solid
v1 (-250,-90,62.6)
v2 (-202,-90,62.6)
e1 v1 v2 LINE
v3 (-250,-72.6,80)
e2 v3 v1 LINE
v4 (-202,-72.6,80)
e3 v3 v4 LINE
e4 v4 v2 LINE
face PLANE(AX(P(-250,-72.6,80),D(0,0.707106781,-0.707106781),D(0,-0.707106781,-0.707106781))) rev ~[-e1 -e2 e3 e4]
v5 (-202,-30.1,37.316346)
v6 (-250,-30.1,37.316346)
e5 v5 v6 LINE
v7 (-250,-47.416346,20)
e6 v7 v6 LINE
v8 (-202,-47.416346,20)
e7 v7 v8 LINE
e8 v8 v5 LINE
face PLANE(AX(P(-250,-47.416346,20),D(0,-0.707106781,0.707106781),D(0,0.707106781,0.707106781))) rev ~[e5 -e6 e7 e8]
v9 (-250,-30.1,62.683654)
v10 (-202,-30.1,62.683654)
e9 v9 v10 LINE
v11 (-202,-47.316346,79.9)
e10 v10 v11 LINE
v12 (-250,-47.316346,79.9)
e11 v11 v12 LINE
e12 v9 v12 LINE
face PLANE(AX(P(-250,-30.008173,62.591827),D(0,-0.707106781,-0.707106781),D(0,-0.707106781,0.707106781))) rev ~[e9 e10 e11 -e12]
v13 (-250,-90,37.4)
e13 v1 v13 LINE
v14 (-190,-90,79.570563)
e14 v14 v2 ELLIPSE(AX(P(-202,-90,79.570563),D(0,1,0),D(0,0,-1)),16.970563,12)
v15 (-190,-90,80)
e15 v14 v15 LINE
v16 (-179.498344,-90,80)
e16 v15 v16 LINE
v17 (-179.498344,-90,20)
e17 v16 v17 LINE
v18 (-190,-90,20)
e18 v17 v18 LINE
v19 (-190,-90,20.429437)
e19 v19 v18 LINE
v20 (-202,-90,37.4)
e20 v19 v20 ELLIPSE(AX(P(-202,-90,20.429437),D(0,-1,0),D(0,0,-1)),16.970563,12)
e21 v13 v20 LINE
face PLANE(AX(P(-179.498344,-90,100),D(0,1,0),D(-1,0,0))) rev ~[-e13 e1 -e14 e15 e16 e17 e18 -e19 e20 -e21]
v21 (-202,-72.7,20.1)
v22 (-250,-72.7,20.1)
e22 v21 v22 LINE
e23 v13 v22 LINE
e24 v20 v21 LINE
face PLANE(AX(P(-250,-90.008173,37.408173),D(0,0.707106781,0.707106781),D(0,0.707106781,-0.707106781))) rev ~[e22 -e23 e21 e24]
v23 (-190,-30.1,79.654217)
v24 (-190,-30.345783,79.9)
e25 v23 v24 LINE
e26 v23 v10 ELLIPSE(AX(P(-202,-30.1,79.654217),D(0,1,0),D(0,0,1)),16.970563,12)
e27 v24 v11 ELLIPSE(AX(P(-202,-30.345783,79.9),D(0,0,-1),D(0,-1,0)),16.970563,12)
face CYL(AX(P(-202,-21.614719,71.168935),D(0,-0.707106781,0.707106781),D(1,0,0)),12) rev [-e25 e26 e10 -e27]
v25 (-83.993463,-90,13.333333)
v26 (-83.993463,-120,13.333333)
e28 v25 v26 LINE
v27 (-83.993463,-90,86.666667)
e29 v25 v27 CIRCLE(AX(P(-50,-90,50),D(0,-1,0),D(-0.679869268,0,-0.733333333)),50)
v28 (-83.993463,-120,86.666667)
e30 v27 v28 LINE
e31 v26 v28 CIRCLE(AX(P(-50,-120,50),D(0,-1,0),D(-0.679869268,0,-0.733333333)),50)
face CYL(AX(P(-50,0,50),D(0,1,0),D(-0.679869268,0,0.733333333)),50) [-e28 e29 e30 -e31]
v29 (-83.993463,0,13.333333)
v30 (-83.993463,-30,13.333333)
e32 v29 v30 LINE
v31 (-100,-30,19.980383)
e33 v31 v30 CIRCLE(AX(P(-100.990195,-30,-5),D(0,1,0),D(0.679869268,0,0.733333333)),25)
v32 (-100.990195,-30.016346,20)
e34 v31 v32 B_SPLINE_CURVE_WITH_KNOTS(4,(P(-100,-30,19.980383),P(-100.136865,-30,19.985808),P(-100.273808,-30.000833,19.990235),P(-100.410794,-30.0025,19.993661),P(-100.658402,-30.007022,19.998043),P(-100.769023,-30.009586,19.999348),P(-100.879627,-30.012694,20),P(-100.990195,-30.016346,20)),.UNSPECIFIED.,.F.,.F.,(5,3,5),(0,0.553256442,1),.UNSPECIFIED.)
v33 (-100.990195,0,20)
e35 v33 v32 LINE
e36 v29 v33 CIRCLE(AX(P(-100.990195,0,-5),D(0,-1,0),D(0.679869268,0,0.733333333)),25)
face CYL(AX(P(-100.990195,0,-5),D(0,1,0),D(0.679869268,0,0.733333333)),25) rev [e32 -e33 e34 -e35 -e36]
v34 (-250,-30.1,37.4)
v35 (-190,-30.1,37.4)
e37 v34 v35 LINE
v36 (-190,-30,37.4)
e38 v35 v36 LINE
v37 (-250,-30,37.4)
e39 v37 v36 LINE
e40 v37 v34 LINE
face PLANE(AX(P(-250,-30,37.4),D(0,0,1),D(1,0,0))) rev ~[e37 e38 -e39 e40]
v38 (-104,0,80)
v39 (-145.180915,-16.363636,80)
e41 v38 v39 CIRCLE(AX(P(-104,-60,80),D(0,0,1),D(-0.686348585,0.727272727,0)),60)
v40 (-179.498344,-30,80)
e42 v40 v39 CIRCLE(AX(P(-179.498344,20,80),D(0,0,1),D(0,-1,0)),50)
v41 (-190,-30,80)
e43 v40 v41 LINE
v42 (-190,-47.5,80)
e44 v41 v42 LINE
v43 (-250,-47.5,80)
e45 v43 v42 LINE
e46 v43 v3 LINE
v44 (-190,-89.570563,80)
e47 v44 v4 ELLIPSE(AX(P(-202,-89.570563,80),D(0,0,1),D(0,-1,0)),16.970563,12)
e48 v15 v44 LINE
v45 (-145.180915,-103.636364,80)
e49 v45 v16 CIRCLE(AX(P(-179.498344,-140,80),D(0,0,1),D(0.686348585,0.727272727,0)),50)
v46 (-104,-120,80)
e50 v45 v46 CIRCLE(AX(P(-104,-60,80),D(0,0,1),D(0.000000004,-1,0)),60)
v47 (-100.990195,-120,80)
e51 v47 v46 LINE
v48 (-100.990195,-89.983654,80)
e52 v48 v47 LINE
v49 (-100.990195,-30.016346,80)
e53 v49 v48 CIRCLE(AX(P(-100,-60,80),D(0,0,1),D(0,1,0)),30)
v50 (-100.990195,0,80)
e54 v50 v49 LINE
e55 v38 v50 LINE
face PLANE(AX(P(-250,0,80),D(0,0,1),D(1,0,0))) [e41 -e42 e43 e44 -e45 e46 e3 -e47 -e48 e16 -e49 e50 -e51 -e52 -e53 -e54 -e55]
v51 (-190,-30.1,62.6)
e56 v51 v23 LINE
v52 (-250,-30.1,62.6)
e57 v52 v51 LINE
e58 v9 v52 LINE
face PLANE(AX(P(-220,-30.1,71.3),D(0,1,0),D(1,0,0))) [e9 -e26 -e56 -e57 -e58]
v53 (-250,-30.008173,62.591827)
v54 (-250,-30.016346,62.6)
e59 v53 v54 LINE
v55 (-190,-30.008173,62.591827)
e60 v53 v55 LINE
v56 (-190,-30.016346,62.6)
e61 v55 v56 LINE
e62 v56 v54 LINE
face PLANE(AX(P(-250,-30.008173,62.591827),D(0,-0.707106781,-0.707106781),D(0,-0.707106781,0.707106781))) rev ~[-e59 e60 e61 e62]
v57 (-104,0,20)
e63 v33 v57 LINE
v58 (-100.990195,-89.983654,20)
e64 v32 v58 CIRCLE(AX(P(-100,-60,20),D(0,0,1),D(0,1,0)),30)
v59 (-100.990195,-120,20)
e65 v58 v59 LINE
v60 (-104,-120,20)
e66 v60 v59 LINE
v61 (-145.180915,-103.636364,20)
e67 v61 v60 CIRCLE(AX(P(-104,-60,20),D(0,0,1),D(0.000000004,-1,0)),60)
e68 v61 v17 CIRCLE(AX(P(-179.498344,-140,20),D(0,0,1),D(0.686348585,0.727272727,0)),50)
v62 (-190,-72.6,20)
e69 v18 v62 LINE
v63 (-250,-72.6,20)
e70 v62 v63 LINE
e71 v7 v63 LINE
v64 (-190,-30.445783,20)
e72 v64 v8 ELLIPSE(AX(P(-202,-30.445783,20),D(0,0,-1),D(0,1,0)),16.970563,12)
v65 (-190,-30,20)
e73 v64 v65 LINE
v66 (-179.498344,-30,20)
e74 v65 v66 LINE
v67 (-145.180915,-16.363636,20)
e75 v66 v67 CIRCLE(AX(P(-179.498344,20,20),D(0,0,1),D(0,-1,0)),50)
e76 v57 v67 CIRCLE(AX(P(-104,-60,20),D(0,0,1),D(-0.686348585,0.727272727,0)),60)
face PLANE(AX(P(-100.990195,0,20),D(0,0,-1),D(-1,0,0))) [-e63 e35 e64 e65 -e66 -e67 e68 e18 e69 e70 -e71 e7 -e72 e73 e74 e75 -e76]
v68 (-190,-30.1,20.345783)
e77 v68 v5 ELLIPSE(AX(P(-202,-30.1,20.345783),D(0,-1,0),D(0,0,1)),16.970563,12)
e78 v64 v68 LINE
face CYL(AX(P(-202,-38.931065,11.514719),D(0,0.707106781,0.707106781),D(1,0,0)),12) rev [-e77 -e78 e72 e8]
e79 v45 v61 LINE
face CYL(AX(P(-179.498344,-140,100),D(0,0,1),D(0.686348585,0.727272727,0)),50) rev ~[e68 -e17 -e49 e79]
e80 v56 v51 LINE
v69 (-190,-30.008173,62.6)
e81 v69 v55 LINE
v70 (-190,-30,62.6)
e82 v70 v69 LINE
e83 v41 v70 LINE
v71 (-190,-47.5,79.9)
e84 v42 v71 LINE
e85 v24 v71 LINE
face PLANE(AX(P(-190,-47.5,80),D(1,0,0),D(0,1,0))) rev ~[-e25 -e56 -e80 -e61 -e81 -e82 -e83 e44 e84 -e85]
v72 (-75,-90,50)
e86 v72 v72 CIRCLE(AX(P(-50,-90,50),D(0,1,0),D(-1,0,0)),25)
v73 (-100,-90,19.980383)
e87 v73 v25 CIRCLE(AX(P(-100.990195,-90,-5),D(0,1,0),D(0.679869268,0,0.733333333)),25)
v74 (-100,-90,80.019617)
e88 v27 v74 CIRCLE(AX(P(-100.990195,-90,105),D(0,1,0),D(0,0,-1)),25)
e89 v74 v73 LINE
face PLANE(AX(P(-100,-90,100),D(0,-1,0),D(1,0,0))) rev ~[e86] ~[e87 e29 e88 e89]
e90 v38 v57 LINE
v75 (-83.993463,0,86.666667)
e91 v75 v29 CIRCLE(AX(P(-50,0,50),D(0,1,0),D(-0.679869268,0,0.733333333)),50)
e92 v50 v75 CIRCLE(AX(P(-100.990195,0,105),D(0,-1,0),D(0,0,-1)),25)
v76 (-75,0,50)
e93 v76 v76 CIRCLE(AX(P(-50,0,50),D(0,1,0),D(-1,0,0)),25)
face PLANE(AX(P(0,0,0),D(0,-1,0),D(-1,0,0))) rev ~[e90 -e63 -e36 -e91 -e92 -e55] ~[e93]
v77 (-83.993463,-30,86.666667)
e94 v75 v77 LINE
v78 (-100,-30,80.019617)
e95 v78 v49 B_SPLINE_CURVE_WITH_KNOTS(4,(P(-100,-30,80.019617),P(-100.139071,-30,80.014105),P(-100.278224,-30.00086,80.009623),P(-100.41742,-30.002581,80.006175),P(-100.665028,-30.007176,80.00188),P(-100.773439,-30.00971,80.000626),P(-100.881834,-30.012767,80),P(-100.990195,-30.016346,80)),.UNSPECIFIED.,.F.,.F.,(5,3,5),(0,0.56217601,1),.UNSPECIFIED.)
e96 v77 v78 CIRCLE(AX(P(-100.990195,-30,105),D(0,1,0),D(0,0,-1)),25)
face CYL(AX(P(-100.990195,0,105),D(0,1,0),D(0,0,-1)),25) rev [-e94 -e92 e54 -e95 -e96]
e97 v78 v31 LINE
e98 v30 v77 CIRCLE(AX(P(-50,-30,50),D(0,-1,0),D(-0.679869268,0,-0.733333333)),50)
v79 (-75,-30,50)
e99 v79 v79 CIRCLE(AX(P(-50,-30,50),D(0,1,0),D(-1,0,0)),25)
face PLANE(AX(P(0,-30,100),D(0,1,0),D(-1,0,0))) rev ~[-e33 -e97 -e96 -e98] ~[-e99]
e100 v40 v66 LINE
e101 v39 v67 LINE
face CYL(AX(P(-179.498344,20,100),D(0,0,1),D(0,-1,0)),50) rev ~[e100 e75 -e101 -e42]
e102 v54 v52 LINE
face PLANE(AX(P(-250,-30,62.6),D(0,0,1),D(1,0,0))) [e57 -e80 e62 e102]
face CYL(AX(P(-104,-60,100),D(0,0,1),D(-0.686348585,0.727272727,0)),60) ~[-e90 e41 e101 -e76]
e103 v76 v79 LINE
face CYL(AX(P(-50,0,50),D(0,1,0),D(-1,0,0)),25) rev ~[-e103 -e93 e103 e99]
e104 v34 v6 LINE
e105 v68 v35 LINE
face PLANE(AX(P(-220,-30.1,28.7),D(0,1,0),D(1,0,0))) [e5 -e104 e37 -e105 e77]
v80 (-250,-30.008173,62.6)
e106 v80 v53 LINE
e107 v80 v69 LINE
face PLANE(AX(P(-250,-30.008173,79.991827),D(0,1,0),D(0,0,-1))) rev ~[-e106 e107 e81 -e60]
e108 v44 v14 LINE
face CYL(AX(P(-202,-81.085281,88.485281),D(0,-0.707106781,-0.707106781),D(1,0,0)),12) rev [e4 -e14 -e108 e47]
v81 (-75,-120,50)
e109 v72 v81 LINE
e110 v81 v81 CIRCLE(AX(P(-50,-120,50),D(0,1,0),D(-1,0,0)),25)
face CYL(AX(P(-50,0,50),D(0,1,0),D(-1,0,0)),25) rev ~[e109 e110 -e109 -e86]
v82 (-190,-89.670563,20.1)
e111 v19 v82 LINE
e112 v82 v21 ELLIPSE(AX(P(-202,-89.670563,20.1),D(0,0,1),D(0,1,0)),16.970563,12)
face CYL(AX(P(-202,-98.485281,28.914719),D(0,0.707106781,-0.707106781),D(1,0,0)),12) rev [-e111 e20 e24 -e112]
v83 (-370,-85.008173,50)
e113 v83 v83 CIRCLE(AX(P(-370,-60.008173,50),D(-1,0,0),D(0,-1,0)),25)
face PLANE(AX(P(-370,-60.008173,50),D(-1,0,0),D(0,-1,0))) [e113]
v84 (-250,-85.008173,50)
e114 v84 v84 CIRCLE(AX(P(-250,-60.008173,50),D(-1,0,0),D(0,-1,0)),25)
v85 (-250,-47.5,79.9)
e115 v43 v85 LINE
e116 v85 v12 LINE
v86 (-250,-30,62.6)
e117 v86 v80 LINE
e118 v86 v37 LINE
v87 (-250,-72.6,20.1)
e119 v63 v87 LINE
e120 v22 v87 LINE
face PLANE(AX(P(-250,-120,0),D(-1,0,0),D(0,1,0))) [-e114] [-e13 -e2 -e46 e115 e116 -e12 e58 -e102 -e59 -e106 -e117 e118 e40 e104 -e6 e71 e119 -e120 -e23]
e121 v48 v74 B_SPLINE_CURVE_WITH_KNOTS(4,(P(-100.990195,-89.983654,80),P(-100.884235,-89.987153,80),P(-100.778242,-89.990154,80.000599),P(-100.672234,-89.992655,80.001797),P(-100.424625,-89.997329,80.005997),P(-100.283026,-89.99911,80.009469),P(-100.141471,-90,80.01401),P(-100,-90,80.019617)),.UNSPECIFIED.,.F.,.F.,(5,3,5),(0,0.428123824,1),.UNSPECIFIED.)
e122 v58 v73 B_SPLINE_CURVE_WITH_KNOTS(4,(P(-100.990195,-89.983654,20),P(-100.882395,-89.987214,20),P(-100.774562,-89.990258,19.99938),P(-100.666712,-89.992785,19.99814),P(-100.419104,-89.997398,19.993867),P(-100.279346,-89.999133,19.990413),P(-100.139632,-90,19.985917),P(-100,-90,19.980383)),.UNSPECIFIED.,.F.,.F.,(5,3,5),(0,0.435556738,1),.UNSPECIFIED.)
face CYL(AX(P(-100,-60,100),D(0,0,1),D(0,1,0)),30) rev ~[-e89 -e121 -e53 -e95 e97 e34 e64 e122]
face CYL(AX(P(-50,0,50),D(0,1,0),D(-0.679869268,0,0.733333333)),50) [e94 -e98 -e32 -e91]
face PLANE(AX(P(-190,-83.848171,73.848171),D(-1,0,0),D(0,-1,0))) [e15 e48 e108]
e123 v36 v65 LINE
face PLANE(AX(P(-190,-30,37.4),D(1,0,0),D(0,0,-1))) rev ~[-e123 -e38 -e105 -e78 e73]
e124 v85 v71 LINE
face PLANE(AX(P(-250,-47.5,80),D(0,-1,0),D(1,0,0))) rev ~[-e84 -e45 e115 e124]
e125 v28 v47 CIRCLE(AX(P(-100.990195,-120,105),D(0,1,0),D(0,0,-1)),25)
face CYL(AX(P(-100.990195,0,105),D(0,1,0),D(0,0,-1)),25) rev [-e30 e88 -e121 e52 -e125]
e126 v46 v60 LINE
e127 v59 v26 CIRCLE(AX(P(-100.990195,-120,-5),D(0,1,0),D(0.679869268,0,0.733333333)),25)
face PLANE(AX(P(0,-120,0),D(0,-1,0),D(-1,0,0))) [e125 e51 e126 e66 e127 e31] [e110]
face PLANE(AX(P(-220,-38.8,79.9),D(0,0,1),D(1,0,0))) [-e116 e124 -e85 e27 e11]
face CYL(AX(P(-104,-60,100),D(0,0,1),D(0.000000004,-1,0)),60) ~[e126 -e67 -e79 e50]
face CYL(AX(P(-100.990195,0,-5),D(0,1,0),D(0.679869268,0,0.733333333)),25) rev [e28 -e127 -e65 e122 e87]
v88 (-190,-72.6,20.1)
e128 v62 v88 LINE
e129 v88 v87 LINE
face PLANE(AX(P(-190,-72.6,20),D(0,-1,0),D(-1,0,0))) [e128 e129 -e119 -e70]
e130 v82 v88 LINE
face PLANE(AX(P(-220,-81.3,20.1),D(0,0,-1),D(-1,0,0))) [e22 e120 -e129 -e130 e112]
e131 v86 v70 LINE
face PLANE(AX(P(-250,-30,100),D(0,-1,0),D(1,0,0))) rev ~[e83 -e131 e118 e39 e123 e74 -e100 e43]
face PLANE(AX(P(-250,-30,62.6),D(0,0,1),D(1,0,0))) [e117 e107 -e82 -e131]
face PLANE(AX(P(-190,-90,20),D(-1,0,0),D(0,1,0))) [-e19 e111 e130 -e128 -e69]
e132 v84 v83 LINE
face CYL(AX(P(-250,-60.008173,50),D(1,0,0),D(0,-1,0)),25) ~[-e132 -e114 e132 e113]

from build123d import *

# Parameters (mm, degrees)
SKETCH2_W           = 120
SKETCH2_H           = 250
BOSS_EXTRUDE1_DEPTH = 100
CUT_EXTRUDE1_DEPTH  = 295.78805946
SKETCH4_OUTSIDE_W   = 310.958
SKETCH4_OUTSIDE_H   = 160.958
SKETCH4_OUTSIDE_R   = 25
CUT_EXTRUDE2_DEPTH  = 295.78805946
CUT_EXTRUDE6_DEPTH  = 60
SKETCH5_4_R         = 25
BOSS_EXTRUDE3_DEPTH = 120
SKETCH6_W           = 60
SKETCH6_H           = 17.4
CUT_EXTRUDE7_DEPTH  = 0.1
SKETCH7_W           = 60
SKETCH7_H           = 17.4
CUT_EXTRUDE8_DEPTH  = 0.1
SKETCH8_W           = 60
SKETCH8_H           = 17.4
CUT_EXTRUDE9_DEPTH  = 0.1
FILLET5_R           = 12
FILLET6_R           = 12


with BuildPart() as part:
    # Sketch2 → Boss-Extrude1 (new body)
    with BuildSketch(Plane(origin=(0, 0, 0), x_dir=(0, 1, 0), z_dir=(0, 0, 1))):
        with Locations((-60, 125)):
            Rectangle(SKETCH2_W, SKETCH2_H)
    extrude(amount=BOSS_EXTRUDE1_DEPTH)

    # Sketch3 → Cut-Extrude1 (cut, through all)
    with BuildSketch(Plane.XY.offset(100)):
        with BuildLine():
            ThreePointArc((-100, -30), (-130, -60), (-100, -90))
            Line((-100, -90), (0, -90))
            Line((0, -90), (0, -30))
            Line((0, -30), (-100, -30))
        make_face()
        with BuildLine():
            Line((-250, 0), (-250, -30))
            Line((-250, -30), (-179.498344353, -30))
            ThreePointArc((-179.498344353, -30), (-161.034620706, -26.466018864), (-145.180915101, -16.363636364))
            ThreePointArc((-145.180915101, -16.363636364), (-126.156468376, -4.240777363), (-104, 0))
            Line((-104, 0), (-250, 0))
        make_face()
        with BuildLine():
            Line((-179.498344353, -90), (-250, -90))
            Line((-250, -90), (-250, -120))
            Line((-250, -120), (-103.999999784, -120))
            ThreePointArc((-103.999999784, -120), (-126.156468276, -115.759222677), (-145.180915101, -103.636363636))
            ThreePointArc((-145.180915101, -103.636363636), (-161.034620706, -93.533981136), (-179.498344353, -90))
        make_face()
    extrude(amount=-CUT_EXTRUDE1_DEPTH, mode=Mode.SUBTRACT)

    # Sketch4 outside → Cut-Extrude2 (cut, through all)
    # profile 1 of 2: a face of its own
    with BuildSketch(Plane(origin=(0, 0, 0), x_dir=(-1, 0, 0), z_dir=(0, 1, 0))):
        with Locations((125, 50)):
            Rectangle(SKETCH4_OUTSIDE_W, SKETCH4_OUTSIDE_H)
        with BuildLine():
            Line((250, 80), (100.990195136, 80))
            ThreePointArc((100.990195136, 80), (91.861485844, 81.726266594), (83.993463424, 86.666666667))
            ThreePointArc((83.993463424, 86.666666667), (0, 50), (83.993463424, 13.333333333))
            ThreePointArc((83.993463424, 13.333333333), (91.861485844, 18.273733406), (100.990195136, 20))
            Line((100.990195136, 20), (250, 20))
            Line((250, 20), (250, 80))
        make_face(mode=Mode.SUBTRACT)
    # profile 2 of 2: a face of its own
    with BuildSketch(Plane(origin=(0, 0, 0), x_dir=(-1, 0, 0), z_dir=(0, 1, 0))):
        with Locations((50, 50)):
            Circle(SKETCH4_OUTSIDE_R)
    extrude(amount=-CUT_EXTRUDE2_DEPTH, mode=Mode.SUBTRACT)

    # Sketch5 → Cut-Extrude6 (cut)
    with BuildSketch(Plane(origin=(-250, 0, 0), x_dir=(0, -1, 0), z_dir=(-1, 0, 0))):
        Polygon((72.6, 80), (90, 62.6), (90, 80), align=None)
        Polygon((72.608172947, 20.008172947), (90.008172947, 20.008172947), (90.008172947, 37.408172947), align=None)
        Polygon((30.016345893, 37.4), (30.016345893, 20), (47.416345893, 20), align=None)
        Polygon((47.408172947, 79.991827053), (30.008172947, 79.991827053), (30.008172947, 62.591827053), align=None)
    extrude(amount=-CUT_EXTRUDE6_DEPTH, mode=Mode.SUBTRACT)

    # Sketch5<4> → Boss-Extrude3 (add)
    with BuildSketch(Plane(origin=(-250, 0, 0), x_dir=(0, -1, 0), z_dir=(-1, 0, 0))):
        with Locations((60.008172947, 50)):
            Circle(SKETCH5_4_R)
    extrude(amount=BOSS_EXTRUDE3_DEPTH)

    # Sketch6 → Cut-Extrude7 (cut)
    with BuildSketch(Plane(origin=(0, -30, 0), x_dir=(1, 0, 0), z_dir=(0, 1, 0))):
        with Locations((-220, -71.3)):
            Rectangle(SKETCH6_W, SKETCH6_H)
        with Locations((-220, -28.7)):
            Rectangle(SKETCH6_W, SKETCH6_H)
    extrude(amount=-CUT_EXTRUDE7_DEPTH, mode=Mode.SUBTRACT)

    # Sketch7 → Cut-Extrude8 (cut)
    with BuildSketch(Plane(origin=(0, 0, 20), x_dir=(-1, 0, 0), z_dir=(0, 0, -1))):
        with Locations((220, -81.3)):
            Rectangle(SKETCH7_W, SKETCH7_H)
    extrude(amount=-CUT_EXTRUDE8_DEPTH, mode=Mode.SUBTRACT)

    # Sketch8 → Cut-Extrude9 (cut)
    with BuildSketch(Plane.XY.offset(80)):
        with Locations((-220, -38.8)):
            Rectangle(SKETCH8_W, SKETCH8_H)
    extrude(amount=-CUT_EXTRUDE9_DEPTH, mode=Mode.SUBTRACT)

    # Fillet5
    fillet5_edges = [part.edges().sort_by_distance(p)[0] for p in [
        (-190, -38.708172947, 71.291827053),
    ]]
    fillet(fillet5_edges, radius=FILLET5_R)

    # Fillet6
    fillet6_edges = [part.edges().sort_by_distance(p)[0] for p in [
        (-190, -81.3, 71.3),
        (-190, -81.35, 28.75),
        (-190, -38.758172947, 28.658172947),
    ]]
    fillet(fillet6_edges, radius=FILLET6_R)


solid = part.part
